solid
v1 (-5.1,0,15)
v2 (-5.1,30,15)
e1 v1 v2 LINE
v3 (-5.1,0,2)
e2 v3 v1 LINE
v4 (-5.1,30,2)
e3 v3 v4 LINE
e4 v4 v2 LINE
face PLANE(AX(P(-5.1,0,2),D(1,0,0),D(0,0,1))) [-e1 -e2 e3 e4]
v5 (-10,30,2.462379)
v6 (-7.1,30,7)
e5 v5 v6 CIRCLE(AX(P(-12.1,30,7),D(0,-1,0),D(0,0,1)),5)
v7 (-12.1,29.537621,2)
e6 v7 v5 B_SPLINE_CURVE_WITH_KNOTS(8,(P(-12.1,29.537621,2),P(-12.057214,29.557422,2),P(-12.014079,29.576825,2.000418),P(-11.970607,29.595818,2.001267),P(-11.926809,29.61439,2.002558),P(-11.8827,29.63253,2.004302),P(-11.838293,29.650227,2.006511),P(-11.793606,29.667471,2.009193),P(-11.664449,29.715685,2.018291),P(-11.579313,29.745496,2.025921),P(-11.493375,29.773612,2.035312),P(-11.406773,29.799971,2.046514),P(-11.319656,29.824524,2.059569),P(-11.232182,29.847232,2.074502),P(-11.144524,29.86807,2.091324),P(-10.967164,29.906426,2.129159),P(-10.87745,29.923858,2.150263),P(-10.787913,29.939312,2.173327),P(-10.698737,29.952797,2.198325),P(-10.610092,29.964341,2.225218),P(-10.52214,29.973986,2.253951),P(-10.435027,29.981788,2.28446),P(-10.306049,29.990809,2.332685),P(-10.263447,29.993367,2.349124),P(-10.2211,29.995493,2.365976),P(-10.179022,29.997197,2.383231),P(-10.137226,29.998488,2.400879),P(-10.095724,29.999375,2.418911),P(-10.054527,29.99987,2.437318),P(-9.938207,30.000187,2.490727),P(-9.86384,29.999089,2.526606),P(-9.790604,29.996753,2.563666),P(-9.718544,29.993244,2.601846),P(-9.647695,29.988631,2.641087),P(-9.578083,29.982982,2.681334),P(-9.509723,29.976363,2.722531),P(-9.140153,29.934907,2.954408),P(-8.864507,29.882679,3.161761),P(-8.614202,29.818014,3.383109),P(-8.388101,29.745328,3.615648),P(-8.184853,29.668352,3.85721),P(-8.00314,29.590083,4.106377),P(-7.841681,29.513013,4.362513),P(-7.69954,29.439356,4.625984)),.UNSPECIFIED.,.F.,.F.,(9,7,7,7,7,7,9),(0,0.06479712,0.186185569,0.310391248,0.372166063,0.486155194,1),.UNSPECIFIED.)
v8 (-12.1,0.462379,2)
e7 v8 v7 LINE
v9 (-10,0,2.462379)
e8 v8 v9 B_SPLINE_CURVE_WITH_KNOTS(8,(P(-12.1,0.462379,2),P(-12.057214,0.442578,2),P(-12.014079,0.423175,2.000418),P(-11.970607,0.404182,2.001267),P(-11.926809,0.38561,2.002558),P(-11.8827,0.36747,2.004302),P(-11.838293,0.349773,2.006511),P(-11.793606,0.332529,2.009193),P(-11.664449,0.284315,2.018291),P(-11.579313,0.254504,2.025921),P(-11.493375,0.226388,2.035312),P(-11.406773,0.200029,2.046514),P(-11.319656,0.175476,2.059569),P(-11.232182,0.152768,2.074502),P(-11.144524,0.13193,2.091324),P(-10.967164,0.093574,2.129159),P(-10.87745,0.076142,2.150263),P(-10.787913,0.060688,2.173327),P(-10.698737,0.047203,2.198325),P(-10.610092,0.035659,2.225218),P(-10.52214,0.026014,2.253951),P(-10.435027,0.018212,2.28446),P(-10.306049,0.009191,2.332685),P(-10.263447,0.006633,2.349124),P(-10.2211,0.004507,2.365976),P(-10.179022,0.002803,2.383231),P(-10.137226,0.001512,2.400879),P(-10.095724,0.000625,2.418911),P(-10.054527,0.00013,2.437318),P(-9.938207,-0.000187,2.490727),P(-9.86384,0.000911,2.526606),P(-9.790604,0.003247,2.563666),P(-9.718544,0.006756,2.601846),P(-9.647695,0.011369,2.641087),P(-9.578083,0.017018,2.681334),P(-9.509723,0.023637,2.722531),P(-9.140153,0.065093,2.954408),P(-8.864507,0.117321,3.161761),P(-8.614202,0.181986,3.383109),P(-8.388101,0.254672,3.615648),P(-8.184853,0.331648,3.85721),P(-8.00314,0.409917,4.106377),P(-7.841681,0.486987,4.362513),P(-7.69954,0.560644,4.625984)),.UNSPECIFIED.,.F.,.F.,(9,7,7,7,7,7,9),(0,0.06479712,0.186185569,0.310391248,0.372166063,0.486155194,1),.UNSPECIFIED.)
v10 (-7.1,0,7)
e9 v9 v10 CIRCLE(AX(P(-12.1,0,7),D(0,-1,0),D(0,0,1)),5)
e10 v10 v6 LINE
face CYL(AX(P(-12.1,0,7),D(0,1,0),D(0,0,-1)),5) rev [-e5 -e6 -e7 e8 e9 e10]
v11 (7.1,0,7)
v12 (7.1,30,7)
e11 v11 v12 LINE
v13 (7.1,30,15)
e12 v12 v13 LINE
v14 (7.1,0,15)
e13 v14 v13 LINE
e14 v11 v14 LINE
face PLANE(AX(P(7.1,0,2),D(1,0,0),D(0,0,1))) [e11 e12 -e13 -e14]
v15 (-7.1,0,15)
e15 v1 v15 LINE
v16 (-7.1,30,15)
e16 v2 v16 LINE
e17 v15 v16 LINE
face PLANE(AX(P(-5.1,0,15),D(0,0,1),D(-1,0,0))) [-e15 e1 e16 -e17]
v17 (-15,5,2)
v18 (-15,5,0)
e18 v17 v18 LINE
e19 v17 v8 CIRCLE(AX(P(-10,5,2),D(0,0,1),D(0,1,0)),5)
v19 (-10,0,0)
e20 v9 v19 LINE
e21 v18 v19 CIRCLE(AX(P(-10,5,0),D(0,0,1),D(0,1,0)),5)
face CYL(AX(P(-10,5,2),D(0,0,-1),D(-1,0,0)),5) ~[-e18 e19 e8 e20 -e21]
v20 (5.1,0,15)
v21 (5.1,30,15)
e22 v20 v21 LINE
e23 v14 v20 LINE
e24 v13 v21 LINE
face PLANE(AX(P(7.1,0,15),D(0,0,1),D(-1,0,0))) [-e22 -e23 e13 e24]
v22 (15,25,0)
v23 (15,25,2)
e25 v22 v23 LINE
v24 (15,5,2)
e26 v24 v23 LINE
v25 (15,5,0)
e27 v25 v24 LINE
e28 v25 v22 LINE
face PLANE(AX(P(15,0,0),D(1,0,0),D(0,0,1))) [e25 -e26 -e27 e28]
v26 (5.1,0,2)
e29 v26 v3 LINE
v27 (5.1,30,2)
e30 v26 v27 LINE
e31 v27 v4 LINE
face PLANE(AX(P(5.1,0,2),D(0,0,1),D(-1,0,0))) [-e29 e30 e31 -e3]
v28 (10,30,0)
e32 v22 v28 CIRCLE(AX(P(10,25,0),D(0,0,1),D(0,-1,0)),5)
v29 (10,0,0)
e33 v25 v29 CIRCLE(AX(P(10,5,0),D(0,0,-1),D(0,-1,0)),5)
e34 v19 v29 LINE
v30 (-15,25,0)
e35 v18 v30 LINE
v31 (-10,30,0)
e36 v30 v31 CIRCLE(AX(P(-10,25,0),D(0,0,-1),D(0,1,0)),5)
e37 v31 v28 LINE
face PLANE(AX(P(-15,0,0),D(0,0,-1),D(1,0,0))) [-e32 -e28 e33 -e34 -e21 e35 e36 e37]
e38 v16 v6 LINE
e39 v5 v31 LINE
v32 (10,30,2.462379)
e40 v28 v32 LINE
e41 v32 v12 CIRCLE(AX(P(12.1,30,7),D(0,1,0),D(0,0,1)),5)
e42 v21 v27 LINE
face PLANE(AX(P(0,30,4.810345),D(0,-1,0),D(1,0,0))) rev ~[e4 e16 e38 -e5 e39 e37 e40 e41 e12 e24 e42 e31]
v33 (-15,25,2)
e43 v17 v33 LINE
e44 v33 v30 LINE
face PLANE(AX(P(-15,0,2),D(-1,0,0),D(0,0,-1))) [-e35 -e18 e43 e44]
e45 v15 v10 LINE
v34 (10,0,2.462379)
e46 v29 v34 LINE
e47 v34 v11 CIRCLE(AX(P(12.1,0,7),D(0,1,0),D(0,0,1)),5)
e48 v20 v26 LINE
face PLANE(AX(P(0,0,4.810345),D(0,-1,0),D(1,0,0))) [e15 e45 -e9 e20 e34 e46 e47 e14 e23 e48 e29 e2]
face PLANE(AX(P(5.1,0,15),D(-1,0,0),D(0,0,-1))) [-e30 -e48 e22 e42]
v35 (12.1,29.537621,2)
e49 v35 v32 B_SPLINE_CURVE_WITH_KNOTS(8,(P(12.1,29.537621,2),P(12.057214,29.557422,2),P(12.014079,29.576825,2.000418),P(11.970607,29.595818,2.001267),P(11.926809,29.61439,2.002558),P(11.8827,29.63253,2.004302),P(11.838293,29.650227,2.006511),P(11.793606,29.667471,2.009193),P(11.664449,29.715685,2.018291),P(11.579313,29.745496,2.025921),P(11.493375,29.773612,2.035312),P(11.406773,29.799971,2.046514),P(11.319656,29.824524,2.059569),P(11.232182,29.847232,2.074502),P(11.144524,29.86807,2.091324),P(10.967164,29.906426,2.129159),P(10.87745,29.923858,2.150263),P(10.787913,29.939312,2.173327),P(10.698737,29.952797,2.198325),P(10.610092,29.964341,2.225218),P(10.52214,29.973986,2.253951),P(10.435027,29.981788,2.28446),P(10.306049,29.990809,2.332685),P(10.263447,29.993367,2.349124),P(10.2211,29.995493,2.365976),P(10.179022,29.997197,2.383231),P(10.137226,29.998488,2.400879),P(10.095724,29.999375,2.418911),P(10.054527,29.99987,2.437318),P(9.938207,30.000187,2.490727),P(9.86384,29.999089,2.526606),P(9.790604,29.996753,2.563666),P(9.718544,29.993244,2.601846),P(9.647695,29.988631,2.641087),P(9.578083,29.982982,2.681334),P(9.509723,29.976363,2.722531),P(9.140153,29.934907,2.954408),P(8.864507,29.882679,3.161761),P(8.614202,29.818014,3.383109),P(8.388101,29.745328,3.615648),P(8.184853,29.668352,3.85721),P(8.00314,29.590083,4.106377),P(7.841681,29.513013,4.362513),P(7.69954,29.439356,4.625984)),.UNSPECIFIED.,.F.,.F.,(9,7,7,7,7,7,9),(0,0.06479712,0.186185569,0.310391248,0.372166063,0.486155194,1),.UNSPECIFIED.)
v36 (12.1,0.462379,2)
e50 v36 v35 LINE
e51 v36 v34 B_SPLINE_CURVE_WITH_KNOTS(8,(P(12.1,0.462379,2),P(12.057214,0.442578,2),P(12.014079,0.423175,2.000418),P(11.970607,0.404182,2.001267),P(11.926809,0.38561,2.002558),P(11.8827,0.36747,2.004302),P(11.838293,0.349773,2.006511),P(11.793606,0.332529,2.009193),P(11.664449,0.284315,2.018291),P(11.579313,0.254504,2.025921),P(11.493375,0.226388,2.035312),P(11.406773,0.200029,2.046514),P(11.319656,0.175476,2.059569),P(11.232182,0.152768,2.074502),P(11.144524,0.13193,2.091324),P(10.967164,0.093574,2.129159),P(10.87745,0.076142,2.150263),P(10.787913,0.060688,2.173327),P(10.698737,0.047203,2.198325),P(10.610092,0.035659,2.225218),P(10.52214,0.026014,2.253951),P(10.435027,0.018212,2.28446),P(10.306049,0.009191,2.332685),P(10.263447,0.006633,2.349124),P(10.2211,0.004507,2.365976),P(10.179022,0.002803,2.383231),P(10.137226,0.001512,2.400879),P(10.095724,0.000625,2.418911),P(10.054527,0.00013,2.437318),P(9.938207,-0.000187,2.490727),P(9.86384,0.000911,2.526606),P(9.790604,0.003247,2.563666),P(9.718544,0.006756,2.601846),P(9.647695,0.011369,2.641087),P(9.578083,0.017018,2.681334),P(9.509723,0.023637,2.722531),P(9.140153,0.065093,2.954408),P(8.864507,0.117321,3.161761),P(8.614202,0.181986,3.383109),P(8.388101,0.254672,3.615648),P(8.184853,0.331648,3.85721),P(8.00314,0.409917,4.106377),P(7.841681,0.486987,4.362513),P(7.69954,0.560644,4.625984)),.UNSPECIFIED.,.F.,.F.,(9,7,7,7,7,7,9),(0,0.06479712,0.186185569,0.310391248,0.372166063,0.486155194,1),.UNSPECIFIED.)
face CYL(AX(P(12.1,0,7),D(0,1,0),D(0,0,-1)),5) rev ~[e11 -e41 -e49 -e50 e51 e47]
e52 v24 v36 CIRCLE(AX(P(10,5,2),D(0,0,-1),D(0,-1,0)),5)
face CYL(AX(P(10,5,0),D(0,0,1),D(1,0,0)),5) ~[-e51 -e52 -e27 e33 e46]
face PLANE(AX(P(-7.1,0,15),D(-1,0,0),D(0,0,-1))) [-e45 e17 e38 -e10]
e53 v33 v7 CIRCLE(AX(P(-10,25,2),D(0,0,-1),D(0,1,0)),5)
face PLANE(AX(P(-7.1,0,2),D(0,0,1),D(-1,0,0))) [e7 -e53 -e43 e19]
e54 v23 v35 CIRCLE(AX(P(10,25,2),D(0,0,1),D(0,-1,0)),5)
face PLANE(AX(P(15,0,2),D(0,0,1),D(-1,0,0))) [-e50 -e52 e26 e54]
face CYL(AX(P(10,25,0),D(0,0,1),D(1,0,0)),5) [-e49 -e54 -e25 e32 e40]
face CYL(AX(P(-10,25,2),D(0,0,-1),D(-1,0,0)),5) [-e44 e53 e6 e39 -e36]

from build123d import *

# Parameters (mm, degrees)
F1_DEPTH = 30
F2_R     = 5
F3_R     = 5


with BuildPart() as f1:
    # F0 (on Front) → F1 (new body)
    with BuildSketch(Plane.XZ):
        Polygon((-15, 2), (-15, 0), (15, 0), (15, 2), (7.1, 2), (7.1, 15), (5.1, 15), (5.1, 2), (-5.1, 2), (-5.1, 15), (-7.1, 15), (-7.1, 2), align=None)
    extrude(amount=-F1_DEPTH)

    # F2
    f2_edges = [f1.edges().sort_by_distance(p)[0] for p in [
        (-15, 0, 1),
        (15, 0, 1),
        (-15, 30, 1),
        (15, 30, 1),
    ]]
    fillet(f2_edges, radius=F2_R)

    # F3
    f3_edges = [f1.edges().sort_by_distance(p)[0] for p in [
        (-7.1, 15, 2),
        (7.1, 15, 2),
    ]]
    fillet(f3_edges, radius=F3_R)


solid = f1.part
